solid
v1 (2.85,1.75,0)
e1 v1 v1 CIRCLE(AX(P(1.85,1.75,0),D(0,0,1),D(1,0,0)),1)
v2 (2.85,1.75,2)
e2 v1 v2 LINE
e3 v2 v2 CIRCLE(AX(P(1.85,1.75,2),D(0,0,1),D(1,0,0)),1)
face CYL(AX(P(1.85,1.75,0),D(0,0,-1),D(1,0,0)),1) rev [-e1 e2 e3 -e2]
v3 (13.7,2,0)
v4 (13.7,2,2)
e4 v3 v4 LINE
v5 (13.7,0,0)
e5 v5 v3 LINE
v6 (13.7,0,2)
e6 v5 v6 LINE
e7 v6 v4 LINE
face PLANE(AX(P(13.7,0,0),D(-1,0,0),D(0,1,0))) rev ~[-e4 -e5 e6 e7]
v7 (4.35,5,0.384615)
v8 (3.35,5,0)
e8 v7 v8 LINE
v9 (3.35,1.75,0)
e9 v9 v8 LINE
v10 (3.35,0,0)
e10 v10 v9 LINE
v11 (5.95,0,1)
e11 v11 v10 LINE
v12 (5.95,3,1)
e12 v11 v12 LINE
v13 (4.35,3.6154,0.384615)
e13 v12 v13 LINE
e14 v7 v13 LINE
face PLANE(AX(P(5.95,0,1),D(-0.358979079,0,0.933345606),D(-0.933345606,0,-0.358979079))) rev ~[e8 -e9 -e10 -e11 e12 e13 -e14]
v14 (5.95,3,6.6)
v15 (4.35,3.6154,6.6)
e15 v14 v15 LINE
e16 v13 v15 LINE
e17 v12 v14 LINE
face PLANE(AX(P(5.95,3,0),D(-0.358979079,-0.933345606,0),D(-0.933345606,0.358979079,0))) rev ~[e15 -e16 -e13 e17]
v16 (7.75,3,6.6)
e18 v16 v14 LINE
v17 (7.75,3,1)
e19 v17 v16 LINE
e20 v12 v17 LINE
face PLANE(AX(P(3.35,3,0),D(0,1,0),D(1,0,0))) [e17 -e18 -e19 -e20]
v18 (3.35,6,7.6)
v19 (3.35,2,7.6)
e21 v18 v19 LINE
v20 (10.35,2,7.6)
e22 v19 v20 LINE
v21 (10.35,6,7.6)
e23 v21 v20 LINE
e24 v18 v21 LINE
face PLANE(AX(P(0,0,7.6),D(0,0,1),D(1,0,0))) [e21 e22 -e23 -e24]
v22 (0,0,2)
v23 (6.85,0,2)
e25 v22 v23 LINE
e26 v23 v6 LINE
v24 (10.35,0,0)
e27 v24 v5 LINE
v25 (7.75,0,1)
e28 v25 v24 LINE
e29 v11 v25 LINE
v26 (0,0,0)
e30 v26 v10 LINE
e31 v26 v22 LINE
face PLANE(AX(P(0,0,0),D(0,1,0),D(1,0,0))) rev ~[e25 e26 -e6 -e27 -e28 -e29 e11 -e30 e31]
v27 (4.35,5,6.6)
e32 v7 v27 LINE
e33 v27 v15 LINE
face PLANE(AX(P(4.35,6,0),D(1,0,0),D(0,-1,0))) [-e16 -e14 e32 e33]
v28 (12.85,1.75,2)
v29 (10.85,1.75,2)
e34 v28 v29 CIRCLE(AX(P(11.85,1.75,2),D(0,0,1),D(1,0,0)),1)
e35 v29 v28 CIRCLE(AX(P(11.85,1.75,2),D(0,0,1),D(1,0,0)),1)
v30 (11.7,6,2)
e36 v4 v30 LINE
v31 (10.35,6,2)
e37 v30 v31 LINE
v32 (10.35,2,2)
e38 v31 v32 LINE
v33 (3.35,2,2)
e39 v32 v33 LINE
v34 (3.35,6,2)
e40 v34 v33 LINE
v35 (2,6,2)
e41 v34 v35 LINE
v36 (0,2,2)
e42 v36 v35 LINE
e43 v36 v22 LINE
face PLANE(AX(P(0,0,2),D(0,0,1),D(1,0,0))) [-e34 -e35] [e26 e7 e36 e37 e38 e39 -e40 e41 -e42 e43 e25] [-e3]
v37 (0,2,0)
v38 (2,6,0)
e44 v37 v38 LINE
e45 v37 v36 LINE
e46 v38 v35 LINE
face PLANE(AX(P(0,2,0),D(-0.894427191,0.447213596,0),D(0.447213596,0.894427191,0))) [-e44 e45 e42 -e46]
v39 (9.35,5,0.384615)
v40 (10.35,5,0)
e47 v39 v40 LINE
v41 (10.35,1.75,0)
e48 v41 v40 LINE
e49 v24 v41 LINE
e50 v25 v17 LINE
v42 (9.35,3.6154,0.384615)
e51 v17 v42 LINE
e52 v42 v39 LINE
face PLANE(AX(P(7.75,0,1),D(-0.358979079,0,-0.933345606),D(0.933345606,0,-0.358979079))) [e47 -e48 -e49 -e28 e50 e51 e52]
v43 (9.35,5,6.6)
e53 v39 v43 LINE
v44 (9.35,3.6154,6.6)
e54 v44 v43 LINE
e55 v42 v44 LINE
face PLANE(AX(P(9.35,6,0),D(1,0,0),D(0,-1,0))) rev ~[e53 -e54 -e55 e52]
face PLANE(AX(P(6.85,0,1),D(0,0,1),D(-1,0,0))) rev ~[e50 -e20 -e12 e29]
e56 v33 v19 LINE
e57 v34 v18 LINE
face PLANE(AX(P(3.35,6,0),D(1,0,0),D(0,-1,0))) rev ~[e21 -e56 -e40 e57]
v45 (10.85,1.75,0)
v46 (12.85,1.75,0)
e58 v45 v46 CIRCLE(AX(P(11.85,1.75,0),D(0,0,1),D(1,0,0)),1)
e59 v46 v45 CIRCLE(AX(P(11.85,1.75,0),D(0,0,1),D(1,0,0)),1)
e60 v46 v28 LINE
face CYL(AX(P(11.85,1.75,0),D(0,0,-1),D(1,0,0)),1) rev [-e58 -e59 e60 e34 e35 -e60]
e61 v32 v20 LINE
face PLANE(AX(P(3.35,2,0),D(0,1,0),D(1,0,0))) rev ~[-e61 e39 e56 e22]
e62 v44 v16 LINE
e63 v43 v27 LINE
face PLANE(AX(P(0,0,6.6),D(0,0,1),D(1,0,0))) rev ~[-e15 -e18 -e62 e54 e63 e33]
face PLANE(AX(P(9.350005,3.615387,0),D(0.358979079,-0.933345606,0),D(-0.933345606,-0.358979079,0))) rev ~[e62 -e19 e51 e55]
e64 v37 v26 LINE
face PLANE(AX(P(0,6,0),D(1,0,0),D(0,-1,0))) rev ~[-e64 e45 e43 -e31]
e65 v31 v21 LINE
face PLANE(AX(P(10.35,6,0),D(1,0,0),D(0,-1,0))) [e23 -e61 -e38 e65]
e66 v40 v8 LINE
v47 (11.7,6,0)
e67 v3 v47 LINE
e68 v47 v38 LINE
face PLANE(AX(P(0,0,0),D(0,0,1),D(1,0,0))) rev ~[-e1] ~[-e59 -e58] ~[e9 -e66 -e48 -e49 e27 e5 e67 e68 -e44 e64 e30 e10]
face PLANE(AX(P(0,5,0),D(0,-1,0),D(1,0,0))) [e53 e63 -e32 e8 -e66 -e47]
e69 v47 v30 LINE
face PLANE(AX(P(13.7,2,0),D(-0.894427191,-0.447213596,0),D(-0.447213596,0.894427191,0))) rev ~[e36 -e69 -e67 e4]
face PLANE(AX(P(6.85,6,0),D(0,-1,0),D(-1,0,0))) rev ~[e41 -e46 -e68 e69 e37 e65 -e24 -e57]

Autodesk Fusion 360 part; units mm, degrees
sketch "mainBase" plane through (0, 0, 0) normal (0, 0, 1) x (1, 0, 0)
  line L0 (0, 0) -> (13.7, 0)
  line L1 (13.7, 0) -> (13.7, 6)
  line L2 (13.7, 6) -> (0, 6)
  line L3 (0, 6) -> (0, 0)
  line L4 (0, 0) -> (6.85, 0)
  line L5 (6.85, 0) -> (6.85, 1.75)
  line L6 (6.85, 1.75) -> (1.85, 1.75)
  line L7 (6.85, 1.75) -> (11.85, 1.75)
  line L8 (0, 6) -> (6.85, 6)
  circle A0 centre (1.85, 1.75) radius 1
  circle A1 centre (11.85, 1.75) radius 1
  line L9 (6.85, 6) -> (3.35, 6)
  line L10 (3.35, 6) -> (3.35, 2)
  line L11 (3.35, 2) -> (6.85, 2)
  line L12 (6.85, 2) -> (6.85, 6)
  line L13 (6.85, 6) -> (10.35, 6)
  line L14 (10.35, 6) -> (10.35, 2)
  line L15 (10.35, 2) -> (6.85, 2)
  line L16 (6.85, 2) -> (6.85, 6)
  dimension "d9" = 6
  dimension "d10" = 13.7
  dimension "d11" = 6.85
  dimension "d12" = 1.75
  dimension "d13" = 5
  dimension "d14" = 5
  dimension "d15" = 6.85
  dimension "d17" = 2
  dimension "d18" = 2
  dimension "d19" = 4
  dimension "d20" = 3.5
  dimension "d21" = 4
  dimension "d22" = 3.5
extrude "Extrude1" add sketch "mainBase" along normal blind 7.6 contours L2 L8 L9 L10 L11 L12 L16 | L2 L12 L13 L14 L15 L16
shell "Shell1" thickness 1 removed faces 1 at (5.6833, 4.6667, 0)
extrude "Extrude2" add sketch "mainBase" along normal blind 2 contours L0 L1 L2 L3 L4 L8 L10 L11 L14 L15
sketch "hallCutOut" plane through (0, 0, 0) normal (0, 0, 1) x (1, 0, 0)
  line L0 (0, 6) -> (6.85, 6)
  line L1 (6.85, 6) -> (6.85, 2)
  line L2 (6.85, 2) -> (3.35, 2)
  line L3 (3.35, 2) -> (3.35, 4)
  line L4 (6.85, 2) -> (6.85, 3)
  line L5 (6.85, 3) -> (5.95, 3)
  line L6 (5.95, 3) -> (3.35, 4)
  line L7 (6.85, 3) -> (7.75, 3)
  line L8 (6.85, 2) -> (10.35, 2)
  line L9 (10.35, 2) -> (10.35, 4)
  line L10 (10.35, 4) -> (7.75, 3)
  line L11 (7.75, 3) -> (9.35, 3)
  line L12 (9.35, 3) -> (9.35, 3.6154)
  line L13 (5.95, 3) -> (4.35, 3)
  line L14 (4.35, 3) -> (4.35, 3.6154)
  dimension "d31" = 6.85
  dimension "d32" = 4
  dimension "d33" = 3.5
  dimension "d34" = 2
  dimension "d35" = 1
  dimension "d36" = 0.9
  dimension "d37" = 0.9
  dimension "d38" = 3.5
  dimension "d39" = 2
extrude "Extrude3" add sketch "hallCutOut" along normal blind 6.6 contours L6 L13 L14 | L10 L11 L12
sketch "wireCutOut" plane through (0, 0, 0) normal (0, -1, 0) x (1, 0, 0)
  line L0 (0, 0) -> (13.7, 0)
  line L1 (13.7, 0) -> (13.7, 2)
  line L2 (13.7, 2) -> (0, 2)
  line L3 (0, 2) -> (0, 0)
  line L4 (0, 0) -> (6.85, 0)
  line L5 (6.85, 0) -> (6.85, 1)
  line L6 (6.85, 1) -> (5.95, 1)
  line L7 (6.85, 1) -> (7.75, 1)
  line L8 (6.85, 0) -> (13.7, 0)
  line L9 (6.85, 0) -> (10.35, 0)
  line L10 (6.85, 0) -> (3.35, 0)
  line L11 (7.75, 1) -> (10.35, 0)
  line L12 (5.95, 1) -> (3.35, 0)
  dimension "d42" = 6.85
  dimension "d43" = 1
  dimension "d44" = 0.9
  dimension "d45" = 0.9
  dimension "d46" = 6.85
  dimension "d47" = 3.5
  dimension "d48" = 3.5
extrude "Extrude4" cut sketch "wireCutOut" against normal blind 5 contours L0 L4 L5 L6 L10 L12 | L0 L5 L7 L8 L9 L11
sketch "cutOut" plane through (0, 0, 0) normal (0, 0, 1) x (1, 0, 0)
  line L0 (0, 0) -> (13.7, 0)
  line L1 (13.7, 0) -> (13.7, 6)
  line L2 (13.7, 6) -> (0, 6)
  line L3 (0, 6) -> (0, 0)
  line L4 (13.7, 0) -> (13.7, 2)
  line L5 (0, 0) -> (0, 2)
  line L6 (0, 6) -> (2, 6)
  line L7 (13.7, 6) -> (11.7, 6)
  line L8 (0, 2) -> (2, 6)
  line L9 (13.7, 2) -> (11.7, 6)
  dimension "d51" = 6
  dimension "d52" = 13.7
  dimension "d53" = 2
  dimension "d54" = 2
  dimension "d55" = 2
  dimension "d56" = 2
extrude "Extrude5" cut sketch "cutOut" along normal blind 2 contours L2 L3 L6 L8 | L1 L2 L7 L9
equation "baseLength = 6 mm"
equation "baseWidth = 13.7 mm"
equation "mountingCircleToMountingCircle = 10 mm"
equation "mountingHoleFromEdge = 1.75 mm"
equation "hallEffectWidth = 7 mm"
equation "hallEffectLength = 4 mm"
equation "hallEffectHeight = 7.6 mm"
equation "baseHeight = 2 mm"
equation "d9 = baseLength"
equation "d10 = baseWidth"
equation "d11 = baseWidth / 2"
equation "d12 = mountingHoleFromEdge"
equation "d13 = mountingCircleToMountingCircle / 2"
equation "d14 = mountingCircleToMountingCircle / 2"
equation "d15 = baseWidth / 2"
equation "screwHole = 2 mm"
equation "d17 = screwHole"
equation "d18 = screwHole"
equation "d19 = hallEffectLength"
equation "d20 = hallEffectWidth / 2"
equation "d21 = hallEffectLength"
equation "d22 = hallEffectWidth / 2"
equation "d23 = hallEffectHeight"
equation "hallEffectThickness = 1 mm"
equation "d26 = hallEffectThickness"
equation "d27 = baseHeight"
equation "traingleHeight = 2 mm"
equation "hallEffectMiddleDist = 1.8 mm"
equation "d31 = baseWidth / 2"
equation "d32 = hallEffectLength"
equation "d33 = hallEffectWidth / 2"
equation "d34 = traingleHeight"
equation "d35 = hallEffectThickness"
equation "d36 = hallEffectMiddleDist / 2"
equation "d37 = hallEffectMiddleDist / 2"
equation "d38 = hallEffectWidth / 2"
equation "d39 = traingleHeight"
equation "d40 = hallEffectHeight - hallEffectThickness"
equation "d42 = baseWidth / 2"
equation "d43 = hallEffectThickness"
equation "d44 = hallEffectMiddleDist / 2"
equation "d45 = hallEffectMiddleDist / 2"
equation "d46 = baseWidth / 2"
equation "d47 = hallEffectWidth / 2"
equation "d48 = hallEffectWidth / 2"
equation "d51 = baseLength"
equation "d52 = baseWidth"
equation "d53 = baseLength / 3"
equation "d54 = baseLength / 3"
equation "d57 = baseHeight"
